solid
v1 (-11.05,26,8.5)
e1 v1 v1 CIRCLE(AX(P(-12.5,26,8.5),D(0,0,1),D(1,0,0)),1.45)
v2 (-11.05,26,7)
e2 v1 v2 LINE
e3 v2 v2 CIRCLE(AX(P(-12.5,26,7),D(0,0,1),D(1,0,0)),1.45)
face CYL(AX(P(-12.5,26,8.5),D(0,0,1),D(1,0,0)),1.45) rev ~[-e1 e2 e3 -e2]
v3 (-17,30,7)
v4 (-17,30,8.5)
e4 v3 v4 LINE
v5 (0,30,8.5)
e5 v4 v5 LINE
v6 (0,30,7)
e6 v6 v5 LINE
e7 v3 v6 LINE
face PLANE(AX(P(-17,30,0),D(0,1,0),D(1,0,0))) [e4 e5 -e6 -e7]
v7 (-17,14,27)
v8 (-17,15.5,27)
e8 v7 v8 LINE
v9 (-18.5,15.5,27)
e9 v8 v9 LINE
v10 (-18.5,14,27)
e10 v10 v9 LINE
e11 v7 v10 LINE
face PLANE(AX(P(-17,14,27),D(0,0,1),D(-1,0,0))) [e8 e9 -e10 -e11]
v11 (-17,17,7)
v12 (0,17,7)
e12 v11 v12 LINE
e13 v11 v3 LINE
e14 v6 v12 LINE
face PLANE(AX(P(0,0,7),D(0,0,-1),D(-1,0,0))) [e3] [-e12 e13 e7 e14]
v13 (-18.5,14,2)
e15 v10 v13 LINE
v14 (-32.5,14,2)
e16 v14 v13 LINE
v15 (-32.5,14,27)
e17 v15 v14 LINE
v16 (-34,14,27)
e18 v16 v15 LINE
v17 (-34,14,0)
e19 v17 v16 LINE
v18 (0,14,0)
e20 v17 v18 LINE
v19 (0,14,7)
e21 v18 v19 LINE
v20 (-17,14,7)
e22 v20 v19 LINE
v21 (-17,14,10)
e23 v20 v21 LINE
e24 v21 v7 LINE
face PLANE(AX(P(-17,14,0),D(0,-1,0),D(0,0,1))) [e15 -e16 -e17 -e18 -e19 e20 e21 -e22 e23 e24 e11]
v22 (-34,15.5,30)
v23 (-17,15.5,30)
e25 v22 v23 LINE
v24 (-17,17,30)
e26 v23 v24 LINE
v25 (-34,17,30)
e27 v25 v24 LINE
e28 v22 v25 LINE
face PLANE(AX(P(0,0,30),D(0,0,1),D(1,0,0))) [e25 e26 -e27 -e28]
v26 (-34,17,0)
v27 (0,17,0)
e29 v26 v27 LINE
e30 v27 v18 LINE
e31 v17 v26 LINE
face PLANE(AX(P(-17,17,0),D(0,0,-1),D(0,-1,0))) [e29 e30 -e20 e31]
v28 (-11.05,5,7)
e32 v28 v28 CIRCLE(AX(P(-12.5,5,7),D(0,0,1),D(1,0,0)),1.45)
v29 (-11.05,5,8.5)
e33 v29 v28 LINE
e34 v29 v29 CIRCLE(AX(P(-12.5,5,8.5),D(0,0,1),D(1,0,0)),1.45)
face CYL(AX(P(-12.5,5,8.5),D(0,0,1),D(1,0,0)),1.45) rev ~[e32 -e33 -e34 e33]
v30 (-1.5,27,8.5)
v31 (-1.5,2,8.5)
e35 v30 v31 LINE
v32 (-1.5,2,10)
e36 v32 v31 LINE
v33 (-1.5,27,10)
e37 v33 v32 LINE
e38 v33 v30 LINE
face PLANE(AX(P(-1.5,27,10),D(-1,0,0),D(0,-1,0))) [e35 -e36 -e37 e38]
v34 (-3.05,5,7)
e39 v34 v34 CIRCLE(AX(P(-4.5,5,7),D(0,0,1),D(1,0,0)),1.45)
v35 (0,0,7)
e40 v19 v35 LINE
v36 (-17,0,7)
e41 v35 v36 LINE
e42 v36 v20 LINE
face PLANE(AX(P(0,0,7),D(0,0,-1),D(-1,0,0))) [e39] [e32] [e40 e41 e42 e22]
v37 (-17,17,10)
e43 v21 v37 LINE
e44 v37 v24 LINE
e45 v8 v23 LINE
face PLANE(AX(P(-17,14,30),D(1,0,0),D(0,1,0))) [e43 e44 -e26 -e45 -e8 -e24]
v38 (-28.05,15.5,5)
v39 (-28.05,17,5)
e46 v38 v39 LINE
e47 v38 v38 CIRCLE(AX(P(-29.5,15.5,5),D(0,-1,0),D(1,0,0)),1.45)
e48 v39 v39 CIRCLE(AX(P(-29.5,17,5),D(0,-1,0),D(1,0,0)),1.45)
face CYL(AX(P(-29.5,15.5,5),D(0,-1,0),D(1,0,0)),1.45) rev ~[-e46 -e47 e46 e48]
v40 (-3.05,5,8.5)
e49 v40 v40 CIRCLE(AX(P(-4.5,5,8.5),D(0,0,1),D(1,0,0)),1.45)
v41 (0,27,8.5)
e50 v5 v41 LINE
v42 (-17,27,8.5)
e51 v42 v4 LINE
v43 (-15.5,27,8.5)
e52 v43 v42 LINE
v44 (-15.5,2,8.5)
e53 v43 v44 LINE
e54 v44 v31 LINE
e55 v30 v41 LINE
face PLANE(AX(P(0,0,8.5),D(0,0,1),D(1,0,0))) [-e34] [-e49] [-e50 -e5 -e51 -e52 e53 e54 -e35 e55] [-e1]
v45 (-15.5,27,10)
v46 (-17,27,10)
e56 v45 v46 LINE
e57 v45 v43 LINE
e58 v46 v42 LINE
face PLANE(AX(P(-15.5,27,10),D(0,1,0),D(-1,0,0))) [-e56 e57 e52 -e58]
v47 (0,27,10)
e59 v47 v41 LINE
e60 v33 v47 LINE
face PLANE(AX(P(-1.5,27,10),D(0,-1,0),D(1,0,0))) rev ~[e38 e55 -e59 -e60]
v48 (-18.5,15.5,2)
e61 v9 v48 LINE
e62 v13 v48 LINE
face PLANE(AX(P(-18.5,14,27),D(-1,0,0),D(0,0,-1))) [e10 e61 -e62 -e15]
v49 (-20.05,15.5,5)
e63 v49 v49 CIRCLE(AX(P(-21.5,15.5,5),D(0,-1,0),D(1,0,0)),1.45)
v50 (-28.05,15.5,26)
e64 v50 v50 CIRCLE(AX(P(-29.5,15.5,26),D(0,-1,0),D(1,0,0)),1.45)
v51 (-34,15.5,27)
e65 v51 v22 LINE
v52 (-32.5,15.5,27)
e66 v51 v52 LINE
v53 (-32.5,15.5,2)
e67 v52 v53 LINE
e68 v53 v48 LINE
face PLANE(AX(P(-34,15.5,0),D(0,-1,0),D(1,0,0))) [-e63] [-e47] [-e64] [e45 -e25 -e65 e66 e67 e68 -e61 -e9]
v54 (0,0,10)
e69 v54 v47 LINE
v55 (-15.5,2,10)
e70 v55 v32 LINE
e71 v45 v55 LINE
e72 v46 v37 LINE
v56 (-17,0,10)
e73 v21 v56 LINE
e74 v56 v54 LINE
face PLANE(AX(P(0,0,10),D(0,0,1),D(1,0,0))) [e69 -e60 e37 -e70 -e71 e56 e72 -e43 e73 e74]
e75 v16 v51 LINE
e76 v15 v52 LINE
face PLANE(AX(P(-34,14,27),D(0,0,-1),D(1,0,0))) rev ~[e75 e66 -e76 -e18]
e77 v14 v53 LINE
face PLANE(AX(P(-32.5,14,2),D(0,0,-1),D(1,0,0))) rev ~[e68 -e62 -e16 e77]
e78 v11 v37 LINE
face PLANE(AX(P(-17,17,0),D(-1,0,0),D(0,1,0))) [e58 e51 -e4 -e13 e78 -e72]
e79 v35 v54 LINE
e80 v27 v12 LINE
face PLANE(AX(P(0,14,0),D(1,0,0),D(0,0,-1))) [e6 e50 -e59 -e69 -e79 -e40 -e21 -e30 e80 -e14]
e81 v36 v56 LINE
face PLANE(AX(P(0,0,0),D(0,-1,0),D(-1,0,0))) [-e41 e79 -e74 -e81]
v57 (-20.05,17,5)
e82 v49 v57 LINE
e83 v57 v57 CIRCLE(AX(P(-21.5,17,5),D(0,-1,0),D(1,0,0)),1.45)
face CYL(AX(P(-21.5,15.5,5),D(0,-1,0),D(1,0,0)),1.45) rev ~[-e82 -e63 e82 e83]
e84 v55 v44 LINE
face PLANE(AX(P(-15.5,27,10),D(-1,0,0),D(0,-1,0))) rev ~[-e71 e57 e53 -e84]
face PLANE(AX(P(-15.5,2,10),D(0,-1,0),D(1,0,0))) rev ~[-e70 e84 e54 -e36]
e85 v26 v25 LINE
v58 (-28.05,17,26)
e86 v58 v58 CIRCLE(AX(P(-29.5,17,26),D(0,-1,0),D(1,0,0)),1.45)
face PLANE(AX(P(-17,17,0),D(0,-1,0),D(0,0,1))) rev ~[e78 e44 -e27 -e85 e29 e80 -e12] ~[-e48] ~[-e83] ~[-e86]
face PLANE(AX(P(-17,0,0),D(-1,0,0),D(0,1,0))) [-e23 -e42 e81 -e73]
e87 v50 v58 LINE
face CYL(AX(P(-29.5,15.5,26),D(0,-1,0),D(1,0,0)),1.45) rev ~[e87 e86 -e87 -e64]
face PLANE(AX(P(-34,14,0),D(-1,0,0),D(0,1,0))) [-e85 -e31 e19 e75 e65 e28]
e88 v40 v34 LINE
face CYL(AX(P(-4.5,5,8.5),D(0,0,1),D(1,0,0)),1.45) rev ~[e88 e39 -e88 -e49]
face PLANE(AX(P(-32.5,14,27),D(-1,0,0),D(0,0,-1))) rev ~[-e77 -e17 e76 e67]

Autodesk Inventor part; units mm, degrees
ref_plane "YZ Plane" through (0, 0, 0) normal (1, 0, 0) x (0, 1, 0)
ref_plane "XZ Plane" through (0, 0, 0) normal (0, 1, 0) x (-1, 0, 0)
ref_plane "XY Plane" through (0, 0, 0) normal (0, 0, 1) x (1, 0, 0)
sketch "Sketch1" plane through (0, 0, 0) normal (0, 0, 1) x (1, 0, 0)
  line L0 (-34, 17) -> (-17, 17)
  line L1 (-17, 17) -> (-17, 30)
  line L2 (-17, 30) -> (0, 30)
  line L3 (0, 30) -> (0, 0)
  line L4 (0, 0) -> (-17, 0)
  line L5 (-17, 0) -> (-17, 14)
  line L6 (-17, 14) -> (-34, 14)
  line L7 (-34, 14) -> (-34, 17)
  dimension "d0" = 17
  dimension "d1" = 13
  dimension "d2" = 17
  dimension "d4" = 17
  dimension "d5" = 14
  dimension "d72" = 3
extrude "Extrusion1" add sketch "Sketch1" along normal blind 30
sketch "Sketch4" plane through (0, 0, 0) normal (0, 0, -1) x (-1, 0, 0)
  line L0 (34, 17) -> (17, 17) projected
  line L1 (17, 17) -> (17, 30) projected
  line L2 (17, 30) -> (0, 30) projected
  line L3 (0, 30) -> (0, 0) projected
  line L4 (0, 0) -> (17, 0) projected
  line L5 (17, 0) -> (17, 14) projected
  line L6 (17, 14) -> (34, 14) projected
  line L7 (34, 14) -> (34, 17) projected
  line L8 (17, 0) -> (0, 0)
  line L9 (0, 0) -> (0, 30)
  line L10 (0, 30) -> (17, 30)
  line L11 (17, 30) -> (17, 0)
extrude "Extrusion4" cut sketch "Sketch4" against normal blind 7 contours L11 L5 L4 L3 L2 L1
sketch "Sketch8" plane through (0, 0, 30) normal (0, 0, 1) x (1, 0, 0)
  line L0 (-17, 17) -> (-34, 17) projected
  line L1 (-34, 17) -> (-34, 14) projected
  line L2 (-34, 14) -> (-17, 14) projected
  line L3 (-17, 14) -> (-17, 0) projected
  line L4 (-17, 0) -> (0, 0) projected
  line L5 (0, 0) -> (0, 30) projected
  line L6 (0, 30) -> (-17, 30) projected
  line L7 (-17, 30) -> (-17, 17) projected
  line L8 (-17, 30) -> (0, 30)
  line L9 (0, 30) -> (0, 0)
  line L10 (0, 0) -> (-17, 0)
  line L11 (-17, 0) -> (-17, 30)
extrude "Extrusion8" cut sketch "Sketch8" against normal blind 20 contours L7 L6 L5 L4 L3 L11
sketch "Sketch9" plane through (-34, 14, 0) normal (0, -1, 0) x (1, 0, 0)
  line L0 (17, 0) -> (0, 0) projected
  line L1 (17, 0) -> (17, 7) projected
  line L2 (17, 7) -> (17, 10) projected
  line L3 (17, 10) -> (17, 30) projected
  line L4 (0, 30) -> (17, 30) projected
  line L5 (0, 0) -> (0, 30) projected
  line L6 (0, 0) -> (17, 0) projected
  line L7 (0, 30) -> (17, 30) projected
  line L8 (17, 0) -> (0, 0) projected
  line L9 (17, 10) -> (17, 30) projected
  line L10 (17, 30) -> (0, 30) projected
  line L11 (0, 0) -> (0, 30) projected
  line L12 (0, 27) -> (1.5, 27)
  line L13 (1.5, 27) -> (1.5, 2)
  line L14 (1.5, 2) -> (15.5, 2)
  line L15 (17, 27) -> (15.5, 27)
  line L16 (15.5, 27) -> (15.5, 2)
  line L17 (0, 27) -> (0, 30)
  line L18 (17, 30) -> (17, 27)
  point P0 (34, 0)
  dimension "d80" = 1.5
  dimension "d81" = 2
  dimension "d82" = 25
  dimension "d83" = 14
extrude "Extrusion14" cut sketch "Sketch9" against normal blind 1.5 contours L5 L4 L3 L15 L16 L14 L13 L12
sketch "Sketch14" plane through (0, 0, 10) normal (0, 0, 1) x (1, 0, 0)
  line L0 (0, 30) -> (0, 0) projected
  line L1 (-17, 30) -> (0, 30) projected
  line L2 (-17, 17) -> (-17, 30) projected
  line L3 (-17, 14) -> (-17, 17) projected
  line L4 (-17, 0) -> (-17, 14) projected
  line L5 (0, 0) -> (-17, 0) projected
  line L6 (-17, 30) -> (-17, 27)
  line L7 (-17, 30) -> (-17, 17) projected
  line L8 (-15.5, 27) -> (-15.5, 2)
  line L9 (-15.5, 2) -> (-1.5, 2)
  line L10 (-15.5, 27) -> (-17, 27)
  line L11 (-17, 30) -> (0, 30)
  line L12 (0, 30) -> (-17, 30) projected
  line L13 (-17, 0) -> (0, 0) projected
  line L14 (0, 27) -> (0, 30)
  line L15 (-1.5, 27) -> (-1.5, 2)
  line L16 (-1.5, 27) -> (0, 27)
  line L17 (0, 30) -> (0, 0) projected
  point P0 (0, 30)
  point P1 (-16.25, 27)
  point P2 (-0.75, 27)
  dimension "d87" = 1.5
  dimension "d88" = 2
  dimension "d89" = 25
  dimension "d91" = 1.5
  dimension "d93" = 14
extrude "Extrusion15" cut sketch "Sketch14" against normal blind 1.5 contours L0 L16 L15 L9 L8 L10 L2 L1
sketch "Sketch15" plane through (-34, 15.5, 0) normal (0, -1, 0) x (1, 0, 0)
  line L0 (0, 30) -> (17, 30) projected
  line L1 (0, 27) -> (0, 30) projected
  line L2 (1.5, 27) -> (0, 27) projected
  line L3 (1.5, 2) -> (1.5, 27) projected
  line L4 (15.5, 2) -> (1.5, 2) projected
  line L5 (15.5, 27) -> (15.5, 2) projected
  line L6 (17, 27) -> (15.5, 27) projected
  line L7 (17, 30) -> (17, 27) projected
  circle A0 centre (4.5, 26) radius 1.45
  circle A1 centre (4.5, 5) radius 1.45
  circle A2 centre (12.5, 5) radius 1.45
  point P0 (34, 0)
  dimension "d96" = 2.9
  dimension "d97" = 21
  dimension "d98" = 8
  dimension "d99" = 3
  dimension "d100" = 3
extrude "Extrusion16" cut sketch "Sketch15" against normal through all contours A0 | A1 | A2
sketch "Sketch16" plane through (0, 0, 8.5) normal (0, 0, 1) x (1, 0, 0)
  line L0 (-17, 27) -> (-17, 30) projected
  line L1 (-15.5, 27) -> (-17, 27) projected
  line L2 (-15.5, 2) -> (-15.5, 27) projected
  line L3 (-1.5, 2) -> (-15.5, 2) projected
  line L4 (-1.5, 27) -> (-1.5, 2) projected
  line L5 (0, 27) -> (-1.5, 27) projected
  line L6 (0, 30) -> (0, 27) projected
  line L7 (-17, 30) -> (0, 30) projected
  circle A0 centre (-12.5, 5) radius 1.45
  circle A1 centre (-4.5, 5) radius 1.45
  circle A2 centre (-12.5, 26) radius 1.45
  point P0 (0, 0)
  dimension "d103" = 3
  dimension "d104" = 3
  dimension "d105" = 8
  dimension "d106" = 21
  dimension "d107" = 2.9
extrude "Extrusion18" cut sketch "Sketch16" against normal through all contours A0 | A1 | A2
sketch "Sketch17" plane through (-17, 14, 0) normal (1, 0, 0) x (0, 0, -1)
  line L0 (0, 0) -> (-7, 0) projected
  line L1 (0, 3) -> (0, 0) projected
  line L2 (0, 3) -> (-7, 3) projected
  line L3 (-7, 3) -> (-7, 0) projected
  line L4 (0, 0) -> (-7, 0)
  line L5 (-7, 0) -> (-7, 3)
  line L6 (-7, 3) -> (0, 3)
  line L7 (0, 3) -> (0, 0)
  point P0 (0, -14)
  dimension "d54" = 2.7
  dimension "d55" = 21
  dimension "d56" = 3
  dimension "d57" = 8
  dimension "d58" = 3
  dimension "d59" = 2.8
  dimension "d60" = 21
  dimension "d61" = 8
  dimension "d62" = 3
  dimension "d63" = 3
extrude "Extrusion19" add sketch "Sketch17" along normal up to surface (17 mm away) from surface at 0
sketch "Sketch13" plane through (-17, 14, 0) normal (1, 0, 0) x (0, 0, -1)
  line L0 (0, 0) -> (-7, 0) projected
  line L1 (0, 3) -> (0, 0) projected
  line L2 (0, 3) -> (-7, 3) projected
  line L3 (-7, 3) -> (-7, 0) projected
  line L4 (0, 0) -> (-7, 0)
  line L5 (-7, 0) -> (-7, 3)
  line L6 (-7, 3) -> (0, 3)
  line L7 (0, 3) -> (0, 0)
  point P0 (0, -14)
properties part number "soporte"
